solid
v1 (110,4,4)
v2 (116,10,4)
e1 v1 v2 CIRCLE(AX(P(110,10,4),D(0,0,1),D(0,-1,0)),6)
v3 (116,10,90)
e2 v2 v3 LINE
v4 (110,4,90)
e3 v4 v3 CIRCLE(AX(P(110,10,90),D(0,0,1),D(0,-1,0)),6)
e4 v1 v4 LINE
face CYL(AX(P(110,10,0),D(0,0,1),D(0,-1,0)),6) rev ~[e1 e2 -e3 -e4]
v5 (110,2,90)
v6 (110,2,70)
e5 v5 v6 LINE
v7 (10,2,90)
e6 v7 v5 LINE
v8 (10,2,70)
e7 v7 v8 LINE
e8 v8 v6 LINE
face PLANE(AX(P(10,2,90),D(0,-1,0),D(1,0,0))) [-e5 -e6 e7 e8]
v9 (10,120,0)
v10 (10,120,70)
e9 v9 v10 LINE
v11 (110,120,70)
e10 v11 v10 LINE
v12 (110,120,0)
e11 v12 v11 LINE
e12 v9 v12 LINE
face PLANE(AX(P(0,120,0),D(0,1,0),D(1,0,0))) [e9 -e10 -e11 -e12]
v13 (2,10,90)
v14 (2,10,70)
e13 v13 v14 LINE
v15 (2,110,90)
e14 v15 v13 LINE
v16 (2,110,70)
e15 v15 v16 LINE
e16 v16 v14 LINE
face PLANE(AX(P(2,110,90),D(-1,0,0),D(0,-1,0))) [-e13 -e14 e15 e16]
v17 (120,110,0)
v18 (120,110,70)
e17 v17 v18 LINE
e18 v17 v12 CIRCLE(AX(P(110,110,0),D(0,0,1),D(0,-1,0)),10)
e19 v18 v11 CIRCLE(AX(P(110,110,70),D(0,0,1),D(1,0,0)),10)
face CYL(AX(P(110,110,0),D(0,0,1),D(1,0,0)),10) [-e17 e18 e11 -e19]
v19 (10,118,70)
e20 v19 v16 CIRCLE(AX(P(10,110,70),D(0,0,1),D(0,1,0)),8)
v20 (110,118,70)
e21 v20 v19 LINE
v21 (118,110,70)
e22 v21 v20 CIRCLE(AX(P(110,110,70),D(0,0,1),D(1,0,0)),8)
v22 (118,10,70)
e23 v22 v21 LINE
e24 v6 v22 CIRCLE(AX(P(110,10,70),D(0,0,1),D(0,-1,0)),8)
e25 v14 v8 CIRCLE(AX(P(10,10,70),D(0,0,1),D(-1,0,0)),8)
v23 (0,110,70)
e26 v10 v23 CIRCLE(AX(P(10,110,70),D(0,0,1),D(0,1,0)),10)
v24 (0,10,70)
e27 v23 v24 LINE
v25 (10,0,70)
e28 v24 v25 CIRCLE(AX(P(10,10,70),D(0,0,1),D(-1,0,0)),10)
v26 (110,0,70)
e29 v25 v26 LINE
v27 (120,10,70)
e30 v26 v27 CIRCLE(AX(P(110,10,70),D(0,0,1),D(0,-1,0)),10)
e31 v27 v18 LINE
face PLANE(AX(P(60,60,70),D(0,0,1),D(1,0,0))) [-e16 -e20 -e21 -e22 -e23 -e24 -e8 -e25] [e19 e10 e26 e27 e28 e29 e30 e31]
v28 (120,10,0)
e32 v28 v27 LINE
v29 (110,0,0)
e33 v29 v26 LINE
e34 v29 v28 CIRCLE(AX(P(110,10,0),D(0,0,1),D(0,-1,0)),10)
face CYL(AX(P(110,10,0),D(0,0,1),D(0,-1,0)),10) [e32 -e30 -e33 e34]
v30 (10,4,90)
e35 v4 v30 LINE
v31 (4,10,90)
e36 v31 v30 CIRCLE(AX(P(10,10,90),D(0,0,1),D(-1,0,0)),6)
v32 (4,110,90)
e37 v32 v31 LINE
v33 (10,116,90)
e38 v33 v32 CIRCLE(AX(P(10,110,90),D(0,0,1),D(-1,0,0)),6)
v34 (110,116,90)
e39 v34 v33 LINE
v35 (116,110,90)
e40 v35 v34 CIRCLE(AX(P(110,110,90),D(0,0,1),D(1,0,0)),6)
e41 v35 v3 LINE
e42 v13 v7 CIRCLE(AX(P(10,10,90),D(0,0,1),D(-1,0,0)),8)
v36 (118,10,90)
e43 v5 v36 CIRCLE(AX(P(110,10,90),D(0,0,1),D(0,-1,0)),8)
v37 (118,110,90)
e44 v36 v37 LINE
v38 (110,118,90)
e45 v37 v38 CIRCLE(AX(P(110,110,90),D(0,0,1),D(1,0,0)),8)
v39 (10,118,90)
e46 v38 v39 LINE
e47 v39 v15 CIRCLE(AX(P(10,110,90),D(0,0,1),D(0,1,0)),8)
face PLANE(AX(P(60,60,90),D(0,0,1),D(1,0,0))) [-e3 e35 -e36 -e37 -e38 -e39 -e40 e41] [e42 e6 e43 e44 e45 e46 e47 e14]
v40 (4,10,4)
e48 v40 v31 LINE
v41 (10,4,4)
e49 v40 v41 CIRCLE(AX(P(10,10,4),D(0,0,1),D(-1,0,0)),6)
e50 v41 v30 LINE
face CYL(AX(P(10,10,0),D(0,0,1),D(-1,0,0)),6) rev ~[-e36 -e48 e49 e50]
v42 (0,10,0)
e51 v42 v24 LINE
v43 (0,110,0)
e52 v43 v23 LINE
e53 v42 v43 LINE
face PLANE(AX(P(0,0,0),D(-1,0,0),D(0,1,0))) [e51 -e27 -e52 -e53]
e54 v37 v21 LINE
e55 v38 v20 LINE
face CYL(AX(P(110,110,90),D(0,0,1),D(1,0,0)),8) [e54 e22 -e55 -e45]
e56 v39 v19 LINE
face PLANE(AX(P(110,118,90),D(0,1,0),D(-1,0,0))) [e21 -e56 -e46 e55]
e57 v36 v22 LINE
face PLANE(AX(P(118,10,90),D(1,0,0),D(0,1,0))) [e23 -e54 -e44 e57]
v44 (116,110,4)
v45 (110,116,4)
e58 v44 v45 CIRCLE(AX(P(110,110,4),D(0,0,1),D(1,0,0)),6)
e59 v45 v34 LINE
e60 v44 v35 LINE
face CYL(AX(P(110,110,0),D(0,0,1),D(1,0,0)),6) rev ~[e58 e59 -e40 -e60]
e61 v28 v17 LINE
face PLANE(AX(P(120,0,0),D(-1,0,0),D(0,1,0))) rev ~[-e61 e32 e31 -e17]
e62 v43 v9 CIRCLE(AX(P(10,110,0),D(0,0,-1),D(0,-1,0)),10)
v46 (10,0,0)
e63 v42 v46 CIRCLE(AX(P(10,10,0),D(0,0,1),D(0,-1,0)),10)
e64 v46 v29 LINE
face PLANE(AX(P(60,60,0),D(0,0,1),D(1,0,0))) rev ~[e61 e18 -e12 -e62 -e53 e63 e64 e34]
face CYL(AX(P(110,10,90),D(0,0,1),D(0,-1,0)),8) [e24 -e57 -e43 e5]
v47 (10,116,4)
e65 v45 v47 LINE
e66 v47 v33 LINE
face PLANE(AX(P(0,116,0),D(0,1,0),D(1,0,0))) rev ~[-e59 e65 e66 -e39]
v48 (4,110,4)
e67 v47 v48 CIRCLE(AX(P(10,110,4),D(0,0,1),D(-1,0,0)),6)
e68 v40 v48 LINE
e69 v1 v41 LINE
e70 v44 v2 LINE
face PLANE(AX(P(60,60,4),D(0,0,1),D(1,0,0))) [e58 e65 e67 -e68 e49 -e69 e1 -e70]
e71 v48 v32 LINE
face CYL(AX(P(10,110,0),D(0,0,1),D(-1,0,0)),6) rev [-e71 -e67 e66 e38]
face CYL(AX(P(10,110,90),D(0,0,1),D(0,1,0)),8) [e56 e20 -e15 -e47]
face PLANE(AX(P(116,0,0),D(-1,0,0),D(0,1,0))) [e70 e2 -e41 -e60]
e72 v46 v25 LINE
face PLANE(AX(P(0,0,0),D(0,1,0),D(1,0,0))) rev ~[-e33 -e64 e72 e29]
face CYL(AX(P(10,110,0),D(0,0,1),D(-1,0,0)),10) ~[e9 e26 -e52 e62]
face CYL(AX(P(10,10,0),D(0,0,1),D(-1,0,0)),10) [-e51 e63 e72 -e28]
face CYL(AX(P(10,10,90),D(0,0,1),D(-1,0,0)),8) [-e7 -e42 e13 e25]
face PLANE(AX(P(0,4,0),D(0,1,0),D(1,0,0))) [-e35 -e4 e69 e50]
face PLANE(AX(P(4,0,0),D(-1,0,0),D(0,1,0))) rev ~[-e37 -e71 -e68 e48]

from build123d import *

# Parameters (mm, degrees)
SKETCH1_W           = 120
SKETCH1_H           = 120
BOSS_EXTRUDE1_DEPTH = 90
FILLET1_R           = 10
SHELL1_T            = -4
CUT_EXTRUDE2_DEPTH  = 20


with BuildPart() as part:
    # Sketch1 → Boss-Extrude1 (new body)
    with BuildSketch(Plane.XY):
        with Locations((60, 60)):
            Rectangle(SKETCH1_W, SKETCH1_H)
    extrude(amount=BOSS_EXTRUDE1_DEPTH)

    # Fillet1
    fillet1_edges = [part.edges().sort_by_distance(p)[0] for p in [
        (0, 120, 45),
        (120, 120, 45),
        (120, 0, 45),
        (0, 0, 45),
    ]]
    fillet(fillet1_edges, radius=FILLET1_R)

    # Shell1
    shell1_openings = [part.faces().sort_by_distance(p)[0] for p in [
        (60, 60, 90),
    ]]
    offset(amount=SHELL1_T, openings=shell1_openings, kind=Kind.INTERSECTION)

    # Sketch2 → Cut-Extrude2 (cut)
    with BuildSketch(Plane.XY.offset(90)):
        with BuildLine():
            Line((0, 110), (0, 10))
            ThreePointArc((0, 10), (2.928932188, 2.928932188), (10, 0))
            Line((10, 0), (110, 0))
            ThreePointArc((110, 0), (117.071067812, 2.928932188), (120, 10))
            Line((120, 10), (120, 110))
            ThreePointArc((120, 110), (117.071067812, 117.071067812), (110, 120))
            Line((110, 120), (10, 120))
            ThreePointArc((10, 120), (2.928932188, 117.071067812), (0, 110))
        make_face()
        with BuildLine():
            Line((2, 110), (2, 10))
            ThreePointArc((2, 10), (4.343145751, 4.343145751), (10, 2))
            Line((10, 2), (110, 2))
            ThreePointArc((110, 2), (115.656854249, 4.343145751), (118, 10))
            Line((118, 10), (118, 110))
            ThreePointArc((118, 110), (115.656854249, 115.656854249), (110, 118))
            Line((110, 118), (10, 118))
            ThreePointArc((10, 118), (4.343145751, 115.656854249), (2, 110))
        make_face(mode=Mode.SUBTRACT)
    extrude(amount=-CUT_EXTRUDE2_DEPTH, mode=Mode.SUBTRACT)


solid = part.part
